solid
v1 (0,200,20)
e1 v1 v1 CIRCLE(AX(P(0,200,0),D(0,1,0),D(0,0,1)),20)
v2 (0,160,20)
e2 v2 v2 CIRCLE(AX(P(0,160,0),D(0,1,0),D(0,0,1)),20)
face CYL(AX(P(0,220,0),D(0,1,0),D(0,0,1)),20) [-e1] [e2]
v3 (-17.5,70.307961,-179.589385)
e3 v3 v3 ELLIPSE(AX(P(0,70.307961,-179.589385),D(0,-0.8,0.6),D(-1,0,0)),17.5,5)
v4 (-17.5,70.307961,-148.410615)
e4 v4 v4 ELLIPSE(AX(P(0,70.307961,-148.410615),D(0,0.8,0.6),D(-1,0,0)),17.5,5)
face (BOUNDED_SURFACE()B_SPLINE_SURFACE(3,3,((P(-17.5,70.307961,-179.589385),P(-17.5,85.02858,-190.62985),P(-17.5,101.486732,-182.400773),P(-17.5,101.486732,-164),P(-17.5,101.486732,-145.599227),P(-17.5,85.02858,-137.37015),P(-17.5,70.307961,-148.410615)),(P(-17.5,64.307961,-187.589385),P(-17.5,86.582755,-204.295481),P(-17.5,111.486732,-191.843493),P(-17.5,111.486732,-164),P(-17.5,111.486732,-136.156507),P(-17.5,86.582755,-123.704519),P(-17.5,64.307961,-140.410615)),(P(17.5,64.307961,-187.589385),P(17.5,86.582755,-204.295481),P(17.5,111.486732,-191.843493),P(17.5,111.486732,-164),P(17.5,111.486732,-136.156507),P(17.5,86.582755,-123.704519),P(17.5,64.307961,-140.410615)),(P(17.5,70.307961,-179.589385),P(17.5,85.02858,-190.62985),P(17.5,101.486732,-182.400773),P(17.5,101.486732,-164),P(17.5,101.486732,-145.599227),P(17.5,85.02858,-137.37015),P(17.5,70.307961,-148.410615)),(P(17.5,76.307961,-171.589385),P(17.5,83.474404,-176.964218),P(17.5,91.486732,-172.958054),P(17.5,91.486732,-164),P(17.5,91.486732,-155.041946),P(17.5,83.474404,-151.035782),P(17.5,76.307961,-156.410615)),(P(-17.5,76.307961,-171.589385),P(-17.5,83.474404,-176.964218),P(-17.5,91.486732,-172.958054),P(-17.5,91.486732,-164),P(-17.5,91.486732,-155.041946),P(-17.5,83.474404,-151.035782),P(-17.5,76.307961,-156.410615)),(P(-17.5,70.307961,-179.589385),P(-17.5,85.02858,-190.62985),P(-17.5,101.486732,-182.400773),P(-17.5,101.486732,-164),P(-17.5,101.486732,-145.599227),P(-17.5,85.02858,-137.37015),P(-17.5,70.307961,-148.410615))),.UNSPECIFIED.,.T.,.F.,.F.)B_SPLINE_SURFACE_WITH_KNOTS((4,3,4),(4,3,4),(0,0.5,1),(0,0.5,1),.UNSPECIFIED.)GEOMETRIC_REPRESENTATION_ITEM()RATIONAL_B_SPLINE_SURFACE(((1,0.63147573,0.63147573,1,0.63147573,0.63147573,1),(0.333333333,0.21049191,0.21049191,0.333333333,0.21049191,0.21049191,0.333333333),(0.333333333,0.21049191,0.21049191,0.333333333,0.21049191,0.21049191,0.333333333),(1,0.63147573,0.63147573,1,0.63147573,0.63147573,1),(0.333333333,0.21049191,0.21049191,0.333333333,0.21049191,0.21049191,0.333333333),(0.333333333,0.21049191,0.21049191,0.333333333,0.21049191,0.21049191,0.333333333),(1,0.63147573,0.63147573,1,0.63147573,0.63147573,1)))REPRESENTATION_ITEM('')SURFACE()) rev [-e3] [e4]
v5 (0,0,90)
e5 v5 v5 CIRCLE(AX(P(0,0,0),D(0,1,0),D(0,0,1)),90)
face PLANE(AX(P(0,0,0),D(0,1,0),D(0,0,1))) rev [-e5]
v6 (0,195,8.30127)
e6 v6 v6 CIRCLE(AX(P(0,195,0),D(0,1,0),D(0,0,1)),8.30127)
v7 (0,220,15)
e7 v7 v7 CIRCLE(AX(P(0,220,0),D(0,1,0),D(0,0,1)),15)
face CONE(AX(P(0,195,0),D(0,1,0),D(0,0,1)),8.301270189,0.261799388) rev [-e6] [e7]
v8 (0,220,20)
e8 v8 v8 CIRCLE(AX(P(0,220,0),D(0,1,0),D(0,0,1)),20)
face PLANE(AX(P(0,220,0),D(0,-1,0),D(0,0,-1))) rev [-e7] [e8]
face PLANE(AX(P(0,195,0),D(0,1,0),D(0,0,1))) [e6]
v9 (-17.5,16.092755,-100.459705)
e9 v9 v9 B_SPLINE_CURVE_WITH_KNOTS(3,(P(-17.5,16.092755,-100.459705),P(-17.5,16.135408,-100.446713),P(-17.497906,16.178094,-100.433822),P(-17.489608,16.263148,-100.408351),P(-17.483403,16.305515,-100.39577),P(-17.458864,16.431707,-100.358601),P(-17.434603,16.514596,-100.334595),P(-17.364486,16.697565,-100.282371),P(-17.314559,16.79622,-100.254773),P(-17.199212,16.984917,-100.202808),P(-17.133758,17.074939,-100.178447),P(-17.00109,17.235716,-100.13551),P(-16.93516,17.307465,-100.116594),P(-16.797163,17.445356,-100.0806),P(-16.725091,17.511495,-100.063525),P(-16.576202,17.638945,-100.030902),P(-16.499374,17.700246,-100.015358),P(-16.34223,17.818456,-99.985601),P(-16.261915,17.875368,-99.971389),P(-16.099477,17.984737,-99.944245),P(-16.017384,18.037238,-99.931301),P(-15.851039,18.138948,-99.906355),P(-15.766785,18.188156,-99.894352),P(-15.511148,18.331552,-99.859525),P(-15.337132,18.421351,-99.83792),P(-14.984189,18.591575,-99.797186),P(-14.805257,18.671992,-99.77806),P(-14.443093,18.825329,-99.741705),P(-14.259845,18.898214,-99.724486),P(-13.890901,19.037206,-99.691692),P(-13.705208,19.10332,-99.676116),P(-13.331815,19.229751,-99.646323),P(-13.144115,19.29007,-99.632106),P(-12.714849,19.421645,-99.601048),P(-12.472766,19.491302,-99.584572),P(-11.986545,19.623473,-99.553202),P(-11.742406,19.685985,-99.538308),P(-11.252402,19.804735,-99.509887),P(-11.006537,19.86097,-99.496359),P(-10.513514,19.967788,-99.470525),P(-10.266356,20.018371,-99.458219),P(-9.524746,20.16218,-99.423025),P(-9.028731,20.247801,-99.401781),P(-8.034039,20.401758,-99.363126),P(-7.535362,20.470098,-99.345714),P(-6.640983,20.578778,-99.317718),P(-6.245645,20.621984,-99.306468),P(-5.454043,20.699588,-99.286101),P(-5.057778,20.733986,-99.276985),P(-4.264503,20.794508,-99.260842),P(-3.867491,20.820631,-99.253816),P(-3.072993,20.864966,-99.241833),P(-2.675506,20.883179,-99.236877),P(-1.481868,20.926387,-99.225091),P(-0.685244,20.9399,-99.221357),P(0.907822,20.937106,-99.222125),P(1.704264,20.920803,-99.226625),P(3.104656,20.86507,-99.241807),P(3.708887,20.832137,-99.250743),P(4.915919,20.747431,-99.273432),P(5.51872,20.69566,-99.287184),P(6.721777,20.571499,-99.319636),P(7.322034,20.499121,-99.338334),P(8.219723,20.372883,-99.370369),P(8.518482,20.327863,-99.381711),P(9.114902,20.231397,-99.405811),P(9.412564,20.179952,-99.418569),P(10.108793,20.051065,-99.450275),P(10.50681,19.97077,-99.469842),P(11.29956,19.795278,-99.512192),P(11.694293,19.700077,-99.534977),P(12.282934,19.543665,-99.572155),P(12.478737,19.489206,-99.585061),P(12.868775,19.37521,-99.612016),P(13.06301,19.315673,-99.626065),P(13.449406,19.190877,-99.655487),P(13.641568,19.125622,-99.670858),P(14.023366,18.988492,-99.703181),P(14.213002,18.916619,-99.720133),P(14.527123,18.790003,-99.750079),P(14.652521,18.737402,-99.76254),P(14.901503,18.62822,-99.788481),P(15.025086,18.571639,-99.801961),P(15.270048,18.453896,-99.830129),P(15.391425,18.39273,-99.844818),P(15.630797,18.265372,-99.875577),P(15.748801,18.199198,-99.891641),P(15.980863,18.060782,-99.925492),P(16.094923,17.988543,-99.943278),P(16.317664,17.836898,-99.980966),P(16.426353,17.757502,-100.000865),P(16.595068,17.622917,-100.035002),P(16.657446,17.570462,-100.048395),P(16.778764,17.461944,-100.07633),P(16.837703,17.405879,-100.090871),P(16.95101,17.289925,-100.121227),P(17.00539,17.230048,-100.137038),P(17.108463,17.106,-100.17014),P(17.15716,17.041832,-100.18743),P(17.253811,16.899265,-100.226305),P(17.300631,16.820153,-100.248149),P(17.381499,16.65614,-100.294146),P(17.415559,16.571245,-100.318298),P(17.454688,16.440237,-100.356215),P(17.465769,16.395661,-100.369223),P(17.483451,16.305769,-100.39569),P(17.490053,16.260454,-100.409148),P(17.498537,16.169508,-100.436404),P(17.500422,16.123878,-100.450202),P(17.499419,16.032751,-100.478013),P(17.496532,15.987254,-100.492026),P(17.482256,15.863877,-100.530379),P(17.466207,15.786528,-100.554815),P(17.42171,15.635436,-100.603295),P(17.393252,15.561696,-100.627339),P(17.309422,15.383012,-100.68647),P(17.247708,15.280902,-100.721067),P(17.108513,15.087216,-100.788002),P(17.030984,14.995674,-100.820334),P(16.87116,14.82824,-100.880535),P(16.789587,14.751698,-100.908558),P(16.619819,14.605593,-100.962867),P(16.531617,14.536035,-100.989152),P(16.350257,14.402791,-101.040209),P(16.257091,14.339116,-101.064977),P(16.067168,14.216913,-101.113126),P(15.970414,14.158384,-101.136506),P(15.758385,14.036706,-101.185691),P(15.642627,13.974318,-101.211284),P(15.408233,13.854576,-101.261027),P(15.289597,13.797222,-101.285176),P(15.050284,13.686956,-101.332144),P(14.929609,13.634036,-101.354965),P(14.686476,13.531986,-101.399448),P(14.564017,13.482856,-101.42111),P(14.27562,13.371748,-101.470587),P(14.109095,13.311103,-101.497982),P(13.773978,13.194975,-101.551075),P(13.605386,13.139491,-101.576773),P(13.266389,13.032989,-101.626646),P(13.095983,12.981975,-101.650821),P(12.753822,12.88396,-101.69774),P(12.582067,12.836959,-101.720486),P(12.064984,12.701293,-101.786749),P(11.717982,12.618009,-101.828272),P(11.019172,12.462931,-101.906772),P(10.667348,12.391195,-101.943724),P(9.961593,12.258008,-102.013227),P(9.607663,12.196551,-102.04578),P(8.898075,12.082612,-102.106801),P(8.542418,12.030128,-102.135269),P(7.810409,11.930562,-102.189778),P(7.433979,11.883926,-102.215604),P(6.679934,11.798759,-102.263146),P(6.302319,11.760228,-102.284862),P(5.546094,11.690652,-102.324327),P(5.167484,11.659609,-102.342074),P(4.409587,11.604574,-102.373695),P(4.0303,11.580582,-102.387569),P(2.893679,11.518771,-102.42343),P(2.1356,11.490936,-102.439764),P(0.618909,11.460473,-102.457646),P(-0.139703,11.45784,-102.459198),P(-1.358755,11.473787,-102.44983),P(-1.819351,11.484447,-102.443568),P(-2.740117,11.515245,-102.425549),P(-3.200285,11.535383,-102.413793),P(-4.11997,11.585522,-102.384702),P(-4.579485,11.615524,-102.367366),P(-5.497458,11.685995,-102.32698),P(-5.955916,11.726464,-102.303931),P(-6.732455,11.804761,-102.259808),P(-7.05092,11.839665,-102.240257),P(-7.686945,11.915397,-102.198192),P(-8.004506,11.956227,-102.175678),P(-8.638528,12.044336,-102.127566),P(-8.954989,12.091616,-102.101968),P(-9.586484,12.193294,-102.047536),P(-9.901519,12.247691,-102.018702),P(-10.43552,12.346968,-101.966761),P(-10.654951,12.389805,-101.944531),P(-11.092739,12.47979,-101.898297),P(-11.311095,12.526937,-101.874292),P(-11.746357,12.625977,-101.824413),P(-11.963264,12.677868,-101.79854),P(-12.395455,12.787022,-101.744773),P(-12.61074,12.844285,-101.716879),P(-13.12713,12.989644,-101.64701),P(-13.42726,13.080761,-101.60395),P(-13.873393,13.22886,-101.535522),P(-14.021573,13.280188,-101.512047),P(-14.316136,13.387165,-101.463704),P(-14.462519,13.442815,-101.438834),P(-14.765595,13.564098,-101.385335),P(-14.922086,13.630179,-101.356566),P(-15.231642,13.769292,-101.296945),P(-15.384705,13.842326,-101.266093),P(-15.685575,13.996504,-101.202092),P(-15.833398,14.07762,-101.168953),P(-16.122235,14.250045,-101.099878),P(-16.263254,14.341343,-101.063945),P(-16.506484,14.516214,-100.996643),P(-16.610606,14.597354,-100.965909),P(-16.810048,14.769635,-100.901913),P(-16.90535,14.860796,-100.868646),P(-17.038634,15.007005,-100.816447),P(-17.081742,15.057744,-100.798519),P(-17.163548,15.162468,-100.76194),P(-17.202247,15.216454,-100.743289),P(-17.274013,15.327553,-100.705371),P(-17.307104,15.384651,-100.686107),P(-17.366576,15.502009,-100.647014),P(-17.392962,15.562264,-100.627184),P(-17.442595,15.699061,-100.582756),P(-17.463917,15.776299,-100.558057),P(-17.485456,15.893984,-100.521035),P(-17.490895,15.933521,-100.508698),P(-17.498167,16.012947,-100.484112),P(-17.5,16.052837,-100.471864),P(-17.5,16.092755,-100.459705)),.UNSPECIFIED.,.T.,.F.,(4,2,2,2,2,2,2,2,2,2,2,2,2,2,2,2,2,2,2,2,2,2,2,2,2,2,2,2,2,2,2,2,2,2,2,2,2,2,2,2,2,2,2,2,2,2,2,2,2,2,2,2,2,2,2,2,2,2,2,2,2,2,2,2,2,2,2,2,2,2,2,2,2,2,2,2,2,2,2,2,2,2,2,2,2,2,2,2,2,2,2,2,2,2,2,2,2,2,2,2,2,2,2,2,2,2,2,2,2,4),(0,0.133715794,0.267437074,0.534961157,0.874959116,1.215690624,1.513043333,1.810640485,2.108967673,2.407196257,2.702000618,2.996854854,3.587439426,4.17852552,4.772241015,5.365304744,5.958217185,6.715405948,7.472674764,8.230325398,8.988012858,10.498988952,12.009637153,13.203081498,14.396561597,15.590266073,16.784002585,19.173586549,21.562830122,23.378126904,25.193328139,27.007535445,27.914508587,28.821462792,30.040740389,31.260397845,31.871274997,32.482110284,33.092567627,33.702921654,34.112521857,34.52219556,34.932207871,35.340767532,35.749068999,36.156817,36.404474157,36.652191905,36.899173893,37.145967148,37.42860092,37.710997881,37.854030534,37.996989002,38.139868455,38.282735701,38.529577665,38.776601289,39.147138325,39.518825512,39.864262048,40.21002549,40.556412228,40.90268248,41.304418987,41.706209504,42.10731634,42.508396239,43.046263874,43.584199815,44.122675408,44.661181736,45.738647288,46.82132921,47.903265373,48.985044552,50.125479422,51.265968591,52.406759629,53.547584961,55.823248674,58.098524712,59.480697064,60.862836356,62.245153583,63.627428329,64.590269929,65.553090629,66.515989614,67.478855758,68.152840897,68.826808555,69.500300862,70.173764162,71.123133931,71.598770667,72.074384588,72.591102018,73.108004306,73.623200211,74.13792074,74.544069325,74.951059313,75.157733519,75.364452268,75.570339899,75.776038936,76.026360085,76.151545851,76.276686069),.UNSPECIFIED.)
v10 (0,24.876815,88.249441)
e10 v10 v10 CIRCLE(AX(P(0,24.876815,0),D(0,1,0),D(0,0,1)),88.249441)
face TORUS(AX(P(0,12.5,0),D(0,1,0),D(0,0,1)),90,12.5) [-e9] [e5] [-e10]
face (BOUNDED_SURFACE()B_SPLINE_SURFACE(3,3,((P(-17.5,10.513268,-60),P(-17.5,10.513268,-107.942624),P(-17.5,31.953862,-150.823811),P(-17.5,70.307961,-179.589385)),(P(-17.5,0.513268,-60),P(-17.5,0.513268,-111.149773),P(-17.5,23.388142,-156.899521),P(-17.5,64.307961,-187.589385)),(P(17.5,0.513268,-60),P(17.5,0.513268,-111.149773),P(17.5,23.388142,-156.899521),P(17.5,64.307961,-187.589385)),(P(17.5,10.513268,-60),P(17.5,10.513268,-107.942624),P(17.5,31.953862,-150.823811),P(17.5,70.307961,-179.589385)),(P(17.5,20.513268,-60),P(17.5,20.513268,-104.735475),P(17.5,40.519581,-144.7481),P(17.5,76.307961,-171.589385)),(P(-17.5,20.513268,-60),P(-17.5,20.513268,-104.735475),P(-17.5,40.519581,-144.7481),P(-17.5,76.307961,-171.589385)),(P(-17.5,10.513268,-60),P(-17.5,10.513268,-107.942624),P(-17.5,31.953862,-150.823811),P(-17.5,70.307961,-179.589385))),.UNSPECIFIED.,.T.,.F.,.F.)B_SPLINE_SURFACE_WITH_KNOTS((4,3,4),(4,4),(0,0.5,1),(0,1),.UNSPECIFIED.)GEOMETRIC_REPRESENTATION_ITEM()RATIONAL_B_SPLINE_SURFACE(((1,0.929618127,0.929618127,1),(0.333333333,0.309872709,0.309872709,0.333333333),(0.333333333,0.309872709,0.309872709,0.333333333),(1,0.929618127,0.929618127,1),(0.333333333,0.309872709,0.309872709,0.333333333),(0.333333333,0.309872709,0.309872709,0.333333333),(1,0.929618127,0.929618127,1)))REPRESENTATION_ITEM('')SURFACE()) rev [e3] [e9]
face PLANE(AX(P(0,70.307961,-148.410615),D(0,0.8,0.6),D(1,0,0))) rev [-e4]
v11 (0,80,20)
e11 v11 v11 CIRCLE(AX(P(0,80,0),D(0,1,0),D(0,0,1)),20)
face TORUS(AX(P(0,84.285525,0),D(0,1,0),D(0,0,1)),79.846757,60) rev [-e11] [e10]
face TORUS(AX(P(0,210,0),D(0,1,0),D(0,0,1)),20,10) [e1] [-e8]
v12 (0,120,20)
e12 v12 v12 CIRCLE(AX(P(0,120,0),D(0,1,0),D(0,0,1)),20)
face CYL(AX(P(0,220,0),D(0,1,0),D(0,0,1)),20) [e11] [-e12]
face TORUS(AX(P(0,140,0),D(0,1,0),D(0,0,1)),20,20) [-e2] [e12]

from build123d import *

# Parameters (mm, degrees)
SZKIC6_RX = 17.5
SZKIC6_RY = 5


with BuildPart() as part:
    # Szkic1 → Obrót1 (revolve)
    with BuildSketch(Plane.XY, mode=Mode.PRIVATE) as obr_t1_sk:
        with BuildLine():
            Line((0, 220), (0, 0))
            Line((0, 0), (90, 0))
            ThreePointArc((90, 0), (102.469165648, 13.377444039), (88.249440789, 24.876814713))
            ThreePointArc((88.249440789, 24.876814713), (42.147094318, 37.608598857), (20, 80))
            Line((20, 80), (20, 120))
            ThreePointArc((20, 120), (40, 140), (20, 160))
            Line((20, 160), (20, 200))
            ThreePointArc((20, 200), (30, 210), (20, 220))
            Line((20, 220), (0, 220))
        make_face()
    revolve(obr_t1_sk.sketch.rotate(Axis((0, 220, 0), (0, -1, 0)), 90), axis=Axis((0, 220, 0), (0, -1, 0)))

    # Szkic3 → Wycięcie-obrót1 (revolve, cut)
    with BuildSketch(Plane.XY, mode=Mode.PRIVATE) as wyci_cie_obr_t1_sk:
        Polygon((0, 220), (0, 195), (8.301270189, 195), (15, 220), align=None)
    revolve(wyci_cie_obr_t1_sk.sketch.rotate(Axis((0, 220, 0), (0, -1, 0)), 90), axis=Axis((0, 220, 0), (0, -1, 0)), mode=Mode.SUBTRACT)

    # Wyciągnięcie po ścieżce1: sweep along a path in Szkic2
    with BuildLine(Plane(origin=(0, 0, 0), x_dir=(0, 0, -1), z_dir=(1, 0, 0))) as wyci_gni_cie_po_cie_ce1_path:
        Line((0, 10), (60, 10))
        ThreePointArc((60, 10), (127.082039325, 25.83592135), (180, 70))
        ThreePointArc((180, 70), (164, 102), (148, 70))
    # Szkic6 → Wyciągnięcie po ścieżce1 (sweep)
    with BuildSketch(Plane.XY):
        with Locations((0, 10.513268193)):
            Ellipse(SZKIC6_RX, SZKIC6_RY)
    sweep(path=wyci_gni_cie_po_cie_ce1_path.line)


solid = part.part
